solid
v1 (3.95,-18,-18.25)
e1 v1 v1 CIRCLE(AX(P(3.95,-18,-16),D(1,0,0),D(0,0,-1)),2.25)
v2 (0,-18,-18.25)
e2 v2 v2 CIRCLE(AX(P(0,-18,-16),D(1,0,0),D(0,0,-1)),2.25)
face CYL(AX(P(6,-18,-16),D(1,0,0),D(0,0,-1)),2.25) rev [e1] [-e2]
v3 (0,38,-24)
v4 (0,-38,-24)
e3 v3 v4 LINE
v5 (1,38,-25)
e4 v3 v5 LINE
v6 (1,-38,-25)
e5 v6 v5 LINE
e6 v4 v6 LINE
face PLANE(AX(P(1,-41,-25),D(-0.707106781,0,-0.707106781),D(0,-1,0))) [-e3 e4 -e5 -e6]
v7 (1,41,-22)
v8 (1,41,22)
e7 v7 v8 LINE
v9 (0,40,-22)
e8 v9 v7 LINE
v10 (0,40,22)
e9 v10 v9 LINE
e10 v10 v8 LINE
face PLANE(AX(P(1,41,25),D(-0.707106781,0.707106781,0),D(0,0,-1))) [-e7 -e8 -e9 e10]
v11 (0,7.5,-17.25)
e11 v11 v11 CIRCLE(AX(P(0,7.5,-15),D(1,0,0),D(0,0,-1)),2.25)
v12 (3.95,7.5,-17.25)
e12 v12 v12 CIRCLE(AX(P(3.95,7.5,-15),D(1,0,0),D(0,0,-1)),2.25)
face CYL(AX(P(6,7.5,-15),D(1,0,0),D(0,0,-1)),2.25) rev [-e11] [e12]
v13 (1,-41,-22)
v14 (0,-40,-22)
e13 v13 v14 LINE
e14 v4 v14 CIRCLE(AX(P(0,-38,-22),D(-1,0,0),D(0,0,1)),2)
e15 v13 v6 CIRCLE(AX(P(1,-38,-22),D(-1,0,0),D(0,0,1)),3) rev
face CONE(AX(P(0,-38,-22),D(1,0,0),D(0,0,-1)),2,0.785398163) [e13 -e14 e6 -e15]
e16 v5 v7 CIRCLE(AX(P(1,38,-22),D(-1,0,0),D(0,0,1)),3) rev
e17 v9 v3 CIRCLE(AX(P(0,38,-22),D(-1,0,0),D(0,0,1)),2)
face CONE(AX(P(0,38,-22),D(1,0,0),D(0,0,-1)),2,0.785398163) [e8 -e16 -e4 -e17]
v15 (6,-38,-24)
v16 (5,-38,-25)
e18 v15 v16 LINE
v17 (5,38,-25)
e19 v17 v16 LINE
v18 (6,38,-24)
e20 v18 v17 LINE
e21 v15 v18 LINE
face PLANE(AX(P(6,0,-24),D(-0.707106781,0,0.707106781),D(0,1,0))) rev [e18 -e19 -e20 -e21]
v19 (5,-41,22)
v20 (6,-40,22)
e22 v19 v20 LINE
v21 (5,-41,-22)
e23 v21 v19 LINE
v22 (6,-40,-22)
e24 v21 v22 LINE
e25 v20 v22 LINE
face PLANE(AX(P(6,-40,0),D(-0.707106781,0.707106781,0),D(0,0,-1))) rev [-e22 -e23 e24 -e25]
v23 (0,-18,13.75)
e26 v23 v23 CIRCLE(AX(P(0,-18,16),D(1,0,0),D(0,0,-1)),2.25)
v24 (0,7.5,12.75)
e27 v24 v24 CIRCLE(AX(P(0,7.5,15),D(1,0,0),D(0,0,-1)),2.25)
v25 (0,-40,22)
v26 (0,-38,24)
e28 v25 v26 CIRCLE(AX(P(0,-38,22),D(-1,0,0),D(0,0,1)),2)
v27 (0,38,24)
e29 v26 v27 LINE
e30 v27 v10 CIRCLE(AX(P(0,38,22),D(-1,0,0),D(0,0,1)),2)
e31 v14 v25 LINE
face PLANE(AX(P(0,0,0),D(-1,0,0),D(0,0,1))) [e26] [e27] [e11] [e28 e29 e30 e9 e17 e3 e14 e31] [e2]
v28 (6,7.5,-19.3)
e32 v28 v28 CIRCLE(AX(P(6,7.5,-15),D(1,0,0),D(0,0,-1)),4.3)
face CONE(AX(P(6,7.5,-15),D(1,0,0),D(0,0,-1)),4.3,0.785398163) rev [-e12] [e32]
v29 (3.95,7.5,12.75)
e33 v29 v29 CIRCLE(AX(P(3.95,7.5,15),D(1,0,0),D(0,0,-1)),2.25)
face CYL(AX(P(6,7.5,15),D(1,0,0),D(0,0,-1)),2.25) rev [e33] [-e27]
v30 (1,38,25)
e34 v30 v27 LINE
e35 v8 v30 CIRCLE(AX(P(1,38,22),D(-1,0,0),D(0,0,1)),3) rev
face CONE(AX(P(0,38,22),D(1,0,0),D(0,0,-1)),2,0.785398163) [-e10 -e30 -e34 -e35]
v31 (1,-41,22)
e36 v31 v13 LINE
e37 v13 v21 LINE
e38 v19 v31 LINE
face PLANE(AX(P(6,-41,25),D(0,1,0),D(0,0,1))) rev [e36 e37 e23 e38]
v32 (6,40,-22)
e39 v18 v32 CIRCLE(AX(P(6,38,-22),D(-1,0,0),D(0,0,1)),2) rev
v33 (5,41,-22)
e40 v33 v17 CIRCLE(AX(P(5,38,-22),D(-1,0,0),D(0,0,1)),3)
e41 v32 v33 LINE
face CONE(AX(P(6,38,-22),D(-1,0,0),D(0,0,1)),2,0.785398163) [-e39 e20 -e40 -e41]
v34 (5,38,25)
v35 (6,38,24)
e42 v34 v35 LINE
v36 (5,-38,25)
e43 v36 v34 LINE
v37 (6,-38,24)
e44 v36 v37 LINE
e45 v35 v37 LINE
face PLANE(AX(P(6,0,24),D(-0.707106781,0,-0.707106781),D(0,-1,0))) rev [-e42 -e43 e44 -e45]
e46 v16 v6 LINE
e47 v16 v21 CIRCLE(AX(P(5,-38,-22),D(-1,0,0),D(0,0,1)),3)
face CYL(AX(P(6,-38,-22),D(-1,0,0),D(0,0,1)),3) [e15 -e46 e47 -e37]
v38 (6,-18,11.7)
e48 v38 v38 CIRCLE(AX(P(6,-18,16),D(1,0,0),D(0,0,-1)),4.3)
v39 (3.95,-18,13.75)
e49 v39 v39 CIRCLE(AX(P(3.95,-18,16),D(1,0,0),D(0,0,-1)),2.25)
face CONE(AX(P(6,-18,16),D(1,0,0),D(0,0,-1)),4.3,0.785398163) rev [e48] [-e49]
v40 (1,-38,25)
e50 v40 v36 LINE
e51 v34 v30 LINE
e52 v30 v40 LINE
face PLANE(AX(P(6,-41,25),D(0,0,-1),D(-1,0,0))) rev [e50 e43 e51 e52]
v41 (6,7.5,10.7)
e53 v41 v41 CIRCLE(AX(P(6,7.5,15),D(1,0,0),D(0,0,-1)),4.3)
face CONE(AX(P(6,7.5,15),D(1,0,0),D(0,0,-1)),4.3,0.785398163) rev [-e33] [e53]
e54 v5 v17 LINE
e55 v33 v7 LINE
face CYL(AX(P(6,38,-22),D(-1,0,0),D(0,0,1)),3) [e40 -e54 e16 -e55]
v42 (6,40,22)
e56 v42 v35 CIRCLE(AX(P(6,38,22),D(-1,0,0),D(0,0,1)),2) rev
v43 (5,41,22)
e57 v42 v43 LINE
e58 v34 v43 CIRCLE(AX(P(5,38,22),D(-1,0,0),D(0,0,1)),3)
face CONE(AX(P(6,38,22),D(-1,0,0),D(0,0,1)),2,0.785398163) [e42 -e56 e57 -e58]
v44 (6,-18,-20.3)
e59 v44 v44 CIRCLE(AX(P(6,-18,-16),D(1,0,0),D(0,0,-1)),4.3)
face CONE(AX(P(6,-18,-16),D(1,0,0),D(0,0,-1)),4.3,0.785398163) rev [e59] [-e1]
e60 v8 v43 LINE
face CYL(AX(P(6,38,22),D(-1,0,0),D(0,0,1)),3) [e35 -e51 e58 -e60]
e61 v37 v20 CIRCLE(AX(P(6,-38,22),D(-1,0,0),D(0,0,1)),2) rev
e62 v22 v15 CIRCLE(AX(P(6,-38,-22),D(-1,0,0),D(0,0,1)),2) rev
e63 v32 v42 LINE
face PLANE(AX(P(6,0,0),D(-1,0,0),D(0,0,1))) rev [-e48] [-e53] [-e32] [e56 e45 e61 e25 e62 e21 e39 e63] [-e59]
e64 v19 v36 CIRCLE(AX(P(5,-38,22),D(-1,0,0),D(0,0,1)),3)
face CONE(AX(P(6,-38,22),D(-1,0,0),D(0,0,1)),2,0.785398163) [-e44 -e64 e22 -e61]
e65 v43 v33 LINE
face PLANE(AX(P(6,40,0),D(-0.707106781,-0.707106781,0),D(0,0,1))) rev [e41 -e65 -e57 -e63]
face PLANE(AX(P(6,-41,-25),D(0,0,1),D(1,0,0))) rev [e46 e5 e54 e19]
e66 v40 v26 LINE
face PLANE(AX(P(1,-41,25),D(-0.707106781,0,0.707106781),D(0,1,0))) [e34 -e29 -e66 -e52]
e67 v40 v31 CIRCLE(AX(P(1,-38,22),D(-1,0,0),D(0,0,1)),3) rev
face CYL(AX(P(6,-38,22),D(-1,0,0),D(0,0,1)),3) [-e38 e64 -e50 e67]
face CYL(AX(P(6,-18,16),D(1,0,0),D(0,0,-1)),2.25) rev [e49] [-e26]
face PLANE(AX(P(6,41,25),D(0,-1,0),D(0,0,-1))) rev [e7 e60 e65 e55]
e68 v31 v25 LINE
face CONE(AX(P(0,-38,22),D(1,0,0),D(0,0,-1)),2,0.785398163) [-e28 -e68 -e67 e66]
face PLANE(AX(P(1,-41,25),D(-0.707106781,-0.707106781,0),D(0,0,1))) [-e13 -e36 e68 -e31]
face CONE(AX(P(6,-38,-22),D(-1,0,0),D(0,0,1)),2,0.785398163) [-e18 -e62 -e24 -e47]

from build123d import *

# Parameters (mm, degrees)
SKETCH_1_W                   = 50
SKETCH_1_H                   = 82
EXTRUDE_1_DEPTH              = 6
FILLET_1_R                   = 3
CHAMFER_1_SIZE               = 1
HOLE_WIZARD_M4_1_D           = 4.5
HOLE_WIZARD_M4_1_CSINK_D     = 8.6
HOLE_WIZARD_M4_1_CSINK_ANGLE = 90


with BuildPart() as part:
    # 草图1 → 凸台-拉伸1 (new body)
    with BuildSketch(Plane(origin=(0, 0, 0), x_dir=(0, 0, -1), z_dir=(1, 0, 0))):
        Rectangle(SKETCH_1_W, SKETCH_1_H)
    extrude(amount=EXTRUDE_1_DEPTH)

    # 圆角1
    fillet_1_edges = [part.edges().sort_by_distance(p)[0] for p in [
        (3, -41, -25),
        (3, -41, 25),
        (3, 41, 25),
        (3, 41, -25),
    ]]
    fillet(fillet_1_edges, radius=FILLET_1_R)

    # 倒角1
    chamfer_1_edges = [part.edges().sort_by_distance(p)[0] for p in [
        (0, -41, 0),
        (6, -41, 0),
        (0, 0, -25),
        (0, 0, 25),
        (0, 41, 0),
        (0, 40.121320344, -24.121320344),
        (0, 40.121320344, 24.121320344),
        (0, -40.121320344, -24.121320344),
        (0, -40.121320344, 24.121320344),
        (6, 0, 25),
        (6, 0, -25),
        (6, 41, 0),
        (6, 40.121320344, -24.121320344),
        (6, 40.121320344, 24.121320344),
        (6, -40.121320344, -24.121320344),
        (6, -40.121320344, 24.121320344),
    ]]
    chamfer(chamfer_1_edges, length=CHAMFER_1_SIZE)

    # M4 十字槽沉头木螺钉的锥形沉头孔1 (through all)
    with Locations(Plane(origin=(6, 0, 0), x_dir=(0, 0, -1), z_dir=(1, 0, 0))):
        with Locations((15, 7.5), (-15, 7.5), (16, -18), (-16, -18)):
            CounterSinkHole(HOLE_WIZARD_M4_1_D / 2, HOLE_WIZARD_M4_1_CSINK_D / 2, counter_sink_angle=HOLE_WIZARD_M4_1_CSINK_ANGLE)


solid = part.part
